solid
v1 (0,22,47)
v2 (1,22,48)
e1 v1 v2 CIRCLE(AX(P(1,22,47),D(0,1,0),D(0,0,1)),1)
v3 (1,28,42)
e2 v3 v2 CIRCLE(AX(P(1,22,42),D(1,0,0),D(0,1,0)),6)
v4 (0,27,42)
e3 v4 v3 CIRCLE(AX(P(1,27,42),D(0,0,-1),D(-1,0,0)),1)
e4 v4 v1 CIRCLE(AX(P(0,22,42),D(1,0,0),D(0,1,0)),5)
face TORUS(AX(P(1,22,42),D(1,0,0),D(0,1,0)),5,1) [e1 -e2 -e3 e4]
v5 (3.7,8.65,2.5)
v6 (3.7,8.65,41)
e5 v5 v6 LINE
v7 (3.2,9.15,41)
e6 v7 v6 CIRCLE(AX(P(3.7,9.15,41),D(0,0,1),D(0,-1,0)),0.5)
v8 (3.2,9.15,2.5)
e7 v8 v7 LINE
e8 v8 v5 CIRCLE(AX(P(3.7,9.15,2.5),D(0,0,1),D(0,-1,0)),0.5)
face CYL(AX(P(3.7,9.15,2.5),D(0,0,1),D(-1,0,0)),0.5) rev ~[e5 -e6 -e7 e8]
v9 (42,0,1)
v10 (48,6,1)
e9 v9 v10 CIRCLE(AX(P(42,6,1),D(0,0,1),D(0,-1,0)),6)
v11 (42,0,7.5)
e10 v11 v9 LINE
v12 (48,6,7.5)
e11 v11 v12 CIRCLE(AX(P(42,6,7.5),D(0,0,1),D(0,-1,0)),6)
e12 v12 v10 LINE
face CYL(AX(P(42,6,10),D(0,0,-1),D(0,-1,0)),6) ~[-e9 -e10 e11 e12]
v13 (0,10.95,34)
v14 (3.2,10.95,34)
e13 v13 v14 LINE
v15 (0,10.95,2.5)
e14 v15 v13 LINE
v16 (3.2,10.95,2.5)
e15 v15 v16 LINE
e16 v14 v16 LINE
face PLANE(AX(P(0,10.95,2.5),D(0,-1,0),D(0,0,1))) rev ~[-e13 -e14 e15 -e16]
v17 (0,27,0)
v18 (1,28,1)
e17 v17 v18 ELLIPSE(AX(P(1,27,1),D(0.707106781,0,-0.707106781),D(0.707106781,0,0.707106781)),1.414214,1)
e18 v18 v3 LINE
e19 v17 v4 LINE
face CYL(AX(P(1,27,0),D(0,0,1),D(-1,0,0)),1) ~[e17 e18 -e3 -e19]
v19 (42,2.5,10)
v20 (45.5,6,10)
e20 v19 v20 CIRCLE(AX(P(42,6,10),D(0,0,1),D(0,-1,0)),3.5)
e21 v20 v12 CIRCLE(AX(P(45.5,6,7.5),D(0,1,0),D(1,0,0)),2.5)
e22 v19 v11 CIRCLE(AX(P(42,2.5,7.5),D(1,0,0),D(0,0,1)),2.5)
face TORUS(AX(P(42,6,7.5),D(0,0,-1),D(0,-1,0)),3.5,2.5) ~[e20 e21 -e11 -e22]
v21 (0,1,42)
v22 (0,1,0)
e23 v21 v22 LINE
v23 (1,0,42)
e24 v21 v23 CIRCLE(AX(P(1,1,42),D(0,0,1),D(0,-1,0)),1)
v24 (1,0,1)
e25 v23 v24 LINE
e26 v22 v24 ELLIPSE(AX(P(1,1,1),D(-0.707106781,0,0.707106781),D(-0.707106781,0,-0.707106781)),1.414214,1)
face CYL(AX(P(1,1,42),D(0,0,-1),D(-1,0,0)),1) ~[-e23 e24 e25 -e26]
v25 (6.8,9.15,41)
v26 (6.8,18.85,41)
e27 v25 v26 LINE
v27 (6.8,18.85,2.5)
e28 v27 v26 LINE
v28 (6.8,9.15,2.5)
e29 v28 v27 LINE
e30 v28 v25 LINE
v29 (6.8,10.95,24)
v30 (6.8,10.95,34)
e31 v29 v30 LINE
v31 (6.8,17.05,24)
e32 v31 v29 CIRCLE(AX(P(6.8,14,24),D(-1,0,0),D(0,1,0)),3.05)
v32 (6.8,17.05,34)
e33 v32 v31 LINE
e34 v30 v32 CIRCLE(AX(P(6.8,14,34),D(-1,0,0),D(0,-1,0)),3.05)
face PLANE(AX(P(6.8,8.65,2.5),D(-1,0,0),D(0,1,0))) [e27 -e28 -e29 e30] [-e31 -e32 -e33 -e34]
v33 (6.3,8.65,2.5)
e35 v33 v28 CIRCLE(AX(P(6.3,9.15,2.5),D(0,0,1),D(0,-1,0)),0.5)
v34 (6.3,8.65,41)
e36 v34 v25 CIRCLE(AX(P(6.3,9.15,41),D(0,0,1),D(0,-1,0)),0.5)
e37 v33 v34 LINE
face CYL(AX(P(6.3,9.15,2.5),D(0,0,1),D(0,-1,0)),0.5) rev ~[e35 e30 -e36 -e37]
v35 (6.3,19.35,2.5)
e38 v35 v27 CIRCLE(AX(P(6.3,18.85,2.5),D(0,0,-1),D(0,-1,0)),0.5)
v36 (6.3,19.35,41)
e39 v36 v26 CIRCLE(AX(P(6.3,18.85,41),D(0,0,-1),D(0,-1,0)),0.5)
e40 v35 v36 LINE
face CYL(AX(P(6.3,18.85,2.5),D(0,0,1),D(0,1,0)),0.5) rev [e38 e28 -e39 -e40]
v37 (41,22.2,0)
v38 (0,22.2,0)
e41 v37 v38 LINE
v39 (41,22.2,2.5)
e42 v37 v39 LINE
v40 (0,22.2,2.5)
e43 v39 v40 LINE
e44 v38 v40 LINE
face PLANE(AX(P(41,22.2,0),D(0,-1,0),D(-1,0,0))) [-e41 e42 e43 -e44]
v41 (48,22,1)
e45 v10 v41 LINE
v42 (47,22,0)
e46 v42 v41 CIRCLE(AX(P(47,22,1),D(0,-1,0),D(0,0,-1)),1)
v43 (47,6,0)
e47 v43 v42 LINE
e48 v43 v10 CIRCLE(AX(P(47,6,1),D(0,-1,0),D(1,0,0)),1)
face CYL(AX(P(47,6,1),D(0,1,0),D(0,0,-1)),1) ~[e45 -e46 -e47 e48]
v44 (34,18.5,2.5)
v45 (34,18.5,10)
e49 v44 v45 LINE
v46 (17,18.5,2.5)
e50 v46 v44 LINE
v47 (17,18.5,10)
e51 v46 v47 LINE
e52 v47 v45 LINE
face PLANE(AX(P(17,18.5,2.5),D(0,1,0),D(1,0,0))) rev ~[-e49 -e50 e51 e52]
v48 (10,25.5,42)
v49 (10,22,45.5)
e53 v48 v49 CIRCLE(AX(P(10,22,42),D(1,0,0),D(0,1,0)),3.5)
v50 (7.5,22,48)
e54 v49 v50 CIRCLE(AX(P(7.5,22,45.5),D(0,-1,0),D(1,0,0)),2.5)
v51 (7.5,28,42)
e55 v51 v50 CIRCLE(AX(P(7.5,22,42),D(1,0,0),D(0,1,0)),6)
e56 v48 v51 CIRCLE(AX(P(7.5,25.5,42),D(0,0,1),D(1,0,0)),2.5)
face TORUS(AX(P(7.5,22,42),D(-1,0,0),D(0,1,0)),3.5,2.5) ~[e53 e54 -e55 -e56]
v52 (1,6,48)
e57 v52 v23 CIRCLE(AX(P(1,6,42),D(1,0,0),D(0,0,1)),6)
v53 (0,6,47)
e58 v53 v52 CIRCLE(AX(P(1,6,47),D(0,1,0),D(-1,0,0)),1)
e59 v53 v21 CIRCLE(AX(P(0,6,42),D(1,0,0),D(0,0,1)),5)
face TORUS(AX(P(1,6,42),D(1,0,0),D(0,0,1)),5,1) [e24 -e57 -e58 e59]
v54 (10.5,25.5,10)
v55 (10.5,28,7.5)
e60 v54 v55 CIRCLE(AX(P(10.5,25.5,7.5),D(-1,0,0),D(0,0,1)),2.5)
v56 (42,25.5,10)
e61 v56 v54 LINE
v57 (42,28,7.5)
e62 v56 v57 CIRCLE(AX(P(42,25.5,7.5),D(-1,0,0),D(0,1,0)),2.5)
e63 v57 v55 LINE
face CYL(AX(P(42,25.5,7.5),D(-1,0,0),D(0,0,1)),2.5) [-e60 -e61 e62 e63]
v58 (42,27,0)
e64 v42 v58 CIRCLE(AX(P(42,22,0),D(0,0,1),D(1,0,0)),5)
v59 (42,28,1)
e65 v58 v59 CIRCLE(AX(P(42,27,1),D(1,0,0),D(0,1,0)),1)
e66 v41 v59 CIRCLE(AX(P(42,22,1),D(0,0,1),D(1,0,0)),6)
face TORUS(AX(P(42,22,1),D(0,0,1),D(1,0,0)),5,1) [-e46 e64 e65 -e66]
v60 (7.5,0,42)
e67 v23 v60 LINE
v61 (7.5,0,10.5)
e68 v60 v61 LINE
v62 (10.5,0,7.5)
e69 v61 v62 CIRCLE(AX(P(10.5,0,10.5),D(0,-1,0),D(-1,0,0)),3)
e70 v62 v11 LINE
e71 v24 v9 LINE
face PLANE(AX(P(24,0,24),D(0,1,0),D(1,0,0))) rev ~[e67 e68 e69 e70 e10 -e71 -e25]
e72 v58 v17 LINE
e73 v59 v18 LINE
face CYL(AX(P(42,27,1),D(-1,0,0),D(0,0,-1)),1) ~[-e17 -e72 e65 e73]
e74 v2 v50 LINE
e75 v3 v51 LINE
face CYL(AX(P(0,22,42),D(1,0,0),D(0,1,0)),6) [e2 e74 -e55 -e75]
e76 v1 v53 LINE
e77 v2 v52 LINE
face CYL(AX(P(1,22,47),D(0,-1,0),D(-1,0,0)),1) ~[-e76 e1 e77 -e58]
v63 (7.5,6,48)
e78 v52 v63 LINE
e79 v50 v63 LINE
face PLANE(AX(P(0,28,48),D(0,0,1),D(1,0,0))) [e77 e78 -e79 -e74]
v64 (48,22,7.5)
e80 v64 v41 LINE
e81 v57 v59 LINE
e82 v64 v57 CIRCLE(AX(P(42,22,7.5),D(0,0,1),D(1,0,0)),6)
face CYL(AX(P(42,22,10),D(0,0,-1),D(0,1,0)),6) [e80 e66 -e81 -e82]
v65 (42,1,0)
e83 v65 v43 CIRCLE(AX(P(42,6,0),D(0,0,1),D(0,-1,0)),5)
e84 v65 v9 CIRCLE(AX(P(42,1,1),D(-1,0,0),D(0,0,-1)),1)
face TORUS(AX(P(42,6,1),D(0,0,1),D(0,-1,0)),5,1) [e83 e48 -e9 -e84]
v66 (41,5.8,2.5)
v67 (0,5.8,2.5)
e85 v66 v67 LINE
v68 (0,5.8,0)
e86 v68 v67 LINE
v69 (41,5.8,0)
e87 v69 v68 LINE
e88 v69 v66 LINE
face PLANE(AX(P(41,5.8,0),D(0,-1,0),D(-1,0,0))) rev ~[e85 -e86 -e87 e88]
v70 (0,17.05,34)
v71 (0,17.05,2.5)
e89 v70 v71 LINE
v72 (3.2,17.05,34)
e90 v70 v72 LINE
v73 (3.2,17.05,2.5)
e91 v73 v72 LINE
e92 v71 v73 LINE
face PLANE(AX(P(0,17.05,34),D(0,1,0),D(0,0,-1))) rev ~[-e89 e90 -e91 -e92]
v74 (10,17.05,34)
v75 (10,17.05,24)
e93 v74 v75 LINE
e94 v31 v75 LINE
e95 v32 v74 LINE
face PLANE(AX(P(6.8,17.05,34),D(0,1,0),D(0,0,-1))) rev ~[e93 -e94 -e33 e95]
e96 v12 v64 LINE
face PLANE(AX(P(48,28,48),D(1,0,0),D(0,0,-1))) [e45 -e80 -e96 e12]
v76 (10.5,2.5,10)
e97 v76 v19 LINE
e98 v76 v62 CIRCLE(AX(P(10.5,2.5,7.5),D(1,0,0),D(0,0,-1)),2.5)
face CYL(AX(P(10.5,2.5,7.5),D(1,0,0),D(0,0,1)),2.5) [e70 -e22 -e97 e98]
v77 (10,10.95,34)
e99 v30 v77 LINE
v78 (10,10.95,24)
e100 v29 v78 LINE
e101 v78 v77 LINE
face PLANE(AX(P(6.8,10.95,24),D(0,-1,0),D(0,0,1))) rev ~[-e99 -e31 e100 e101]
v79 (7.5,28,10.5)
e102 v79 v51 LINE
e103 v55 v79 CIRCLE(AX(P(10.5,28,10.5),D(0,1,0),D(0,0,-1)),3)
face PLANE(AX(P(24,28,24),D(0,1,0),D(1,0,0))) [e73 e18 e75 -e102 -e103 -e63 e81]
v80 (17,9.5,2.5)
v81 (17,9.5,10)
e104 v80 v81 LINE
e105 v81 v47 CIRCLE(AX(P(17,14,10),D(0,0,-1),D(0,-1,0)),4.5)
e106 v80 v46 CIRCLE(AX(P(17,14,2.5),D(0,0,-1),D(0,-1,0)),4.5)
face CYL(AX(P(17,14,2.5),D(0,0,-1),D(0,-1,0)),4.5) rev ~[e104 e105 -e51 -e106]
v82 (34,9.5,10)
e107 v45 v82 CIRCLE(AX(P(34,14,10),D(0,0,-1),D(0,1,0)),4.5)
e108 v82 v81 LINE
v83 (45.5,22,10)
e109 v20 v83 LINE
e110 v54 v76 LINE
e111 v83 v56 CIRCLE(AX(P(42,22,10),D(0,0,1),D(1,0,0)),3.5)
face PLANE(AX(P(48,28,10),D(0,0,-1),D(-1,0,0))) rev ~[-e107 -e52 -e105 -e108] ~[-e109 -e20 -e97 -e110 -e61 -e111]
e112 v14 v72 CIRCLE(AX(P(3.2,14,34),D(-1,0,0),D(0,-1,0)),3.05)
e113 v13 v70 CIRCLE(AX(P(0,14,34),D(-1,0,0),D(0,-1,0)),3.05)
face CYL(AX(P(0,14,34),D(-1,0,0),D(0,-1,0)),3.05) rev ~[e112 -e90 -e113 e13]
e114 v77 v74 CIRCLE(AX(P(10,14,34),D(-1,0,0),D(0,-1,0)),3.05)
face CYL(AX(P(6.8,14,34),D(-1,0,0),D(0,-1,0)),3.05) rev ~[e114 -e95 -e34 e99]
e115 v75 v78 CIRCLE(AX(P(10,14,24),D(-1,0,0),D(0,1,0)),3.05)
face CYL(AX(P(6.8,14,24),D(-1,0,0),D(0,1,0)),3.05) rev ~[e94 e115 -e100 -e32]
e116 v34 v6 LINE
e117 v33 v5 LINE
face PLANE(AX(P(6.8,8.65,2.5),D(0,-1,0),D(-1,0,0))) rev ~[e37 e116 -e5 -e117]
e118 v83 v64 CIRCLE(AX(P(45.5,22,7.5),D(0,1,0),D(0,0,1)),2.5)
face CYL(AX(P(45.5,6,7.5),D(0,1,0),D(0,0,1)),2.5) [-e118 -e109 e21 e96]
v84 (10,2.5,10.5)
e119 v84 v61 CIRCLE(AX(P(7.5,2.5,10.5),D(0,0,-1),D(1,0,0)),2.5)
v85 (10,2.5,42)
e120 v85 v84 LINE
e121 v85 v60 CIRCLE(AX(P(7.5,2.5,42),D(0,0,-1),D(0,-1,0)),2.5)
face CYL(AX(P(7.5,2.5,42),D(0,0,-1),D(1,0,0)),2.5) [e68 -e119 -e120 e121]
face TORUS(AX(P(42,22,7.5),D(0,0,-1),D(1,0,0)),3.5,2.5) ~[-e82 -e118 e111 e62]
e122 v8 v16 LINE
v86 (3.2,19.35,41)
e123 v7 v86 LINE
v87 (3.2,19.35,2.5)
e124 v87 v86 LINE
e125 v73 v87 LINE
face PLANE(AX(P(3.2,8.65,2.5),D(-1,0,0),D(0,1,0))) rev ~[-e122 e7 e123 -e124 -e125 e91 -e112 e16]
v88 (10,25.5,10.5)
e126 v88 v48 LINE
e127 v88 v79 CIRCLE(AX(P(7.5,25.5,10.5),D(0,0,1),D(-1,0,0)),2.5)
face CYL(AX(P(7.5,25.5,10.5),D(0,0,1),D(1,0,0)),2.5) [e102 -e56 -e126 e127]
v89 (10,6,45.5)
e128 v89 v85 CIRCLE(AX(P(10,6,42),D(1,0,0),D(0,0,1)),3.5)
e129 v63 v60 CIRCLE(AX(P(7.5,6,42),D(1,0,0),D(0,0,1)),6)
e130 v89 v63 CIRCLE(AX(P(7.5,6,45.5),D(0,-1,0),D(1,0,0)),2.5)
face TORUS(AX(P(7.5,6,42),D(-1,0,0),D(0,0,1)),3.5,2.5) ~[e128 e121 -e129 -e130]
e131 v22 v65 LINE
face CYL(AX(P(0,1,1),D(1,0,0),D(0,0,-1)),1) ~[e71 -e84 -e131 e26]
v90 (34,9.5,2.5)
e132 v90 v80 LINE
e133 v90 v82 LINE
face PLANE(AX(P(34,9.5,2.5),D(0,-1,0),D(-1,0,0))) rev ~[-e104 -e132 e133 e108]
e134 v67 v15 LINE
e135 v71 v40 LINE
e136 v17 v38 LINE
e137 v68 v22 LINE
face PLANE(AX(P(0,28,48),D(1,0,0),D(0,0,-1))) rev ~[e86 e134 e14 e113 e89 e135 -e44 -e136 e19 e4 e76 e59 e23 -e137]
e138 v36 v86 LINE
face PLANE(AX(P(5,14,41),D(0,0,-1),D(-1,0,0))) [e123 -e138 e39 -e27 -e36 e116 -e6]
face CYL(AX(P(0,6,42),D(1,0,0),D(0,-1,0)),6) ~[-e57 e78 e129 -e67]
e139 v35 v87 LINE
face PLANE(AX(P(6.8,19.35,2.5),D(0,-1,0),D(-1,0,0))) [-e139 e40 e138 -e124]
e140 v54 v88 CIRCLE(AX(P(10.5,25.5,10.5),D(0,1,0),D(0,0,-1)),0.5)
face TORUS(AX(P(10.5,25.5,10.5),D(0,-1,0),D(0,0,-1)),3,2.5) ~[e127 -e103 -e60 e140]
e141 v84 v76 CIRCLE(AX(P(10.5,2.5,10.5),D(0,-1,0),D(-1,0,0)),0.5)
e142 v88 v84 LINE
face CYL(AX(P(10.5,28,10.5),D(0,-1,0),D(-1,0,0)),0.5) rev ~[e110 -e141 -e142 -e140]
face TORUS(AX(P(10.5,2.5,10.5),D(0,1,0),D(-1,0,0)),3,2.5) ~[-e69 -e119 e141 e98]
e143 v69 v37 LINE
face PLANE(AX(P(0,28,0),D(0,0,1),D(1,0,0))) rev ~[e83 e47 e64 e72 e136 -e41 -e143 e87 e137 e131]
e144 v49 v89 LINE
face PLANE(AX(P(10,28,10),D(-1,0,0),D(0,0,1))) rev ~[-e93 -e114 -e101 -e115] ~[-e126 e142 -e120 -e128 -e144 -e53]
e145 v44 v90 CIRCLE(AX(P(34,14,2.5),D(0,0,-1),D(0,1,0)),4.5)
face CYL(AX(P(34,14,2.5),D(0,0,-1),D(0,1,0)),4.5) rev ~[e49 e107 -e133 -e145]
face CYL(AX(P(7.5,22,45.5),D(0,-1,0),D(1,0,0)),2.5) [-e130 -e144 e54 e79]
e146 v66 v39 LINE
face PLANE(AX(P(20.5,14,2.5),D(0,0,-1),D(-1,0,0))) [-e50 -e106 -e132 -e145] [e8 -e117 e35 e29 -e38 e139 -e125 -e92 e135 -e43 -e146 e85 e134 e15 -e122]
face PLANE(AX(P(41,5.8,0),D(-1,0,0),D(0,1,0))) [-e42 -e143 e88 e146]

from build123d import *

# Parameters (mm, degrees)
SKETCH1_W           = 48
SKETCH1_H           = 48
BOSS_EXTRUDE1_DEPTH = 28
SKETCH2_W           = 38
SKETCH2_H           = 38
CUT_EXTRUDE1_DEPTH  = 29
SKETCH3_W           = 41
SKETCH3_H           = 16.4
CUT_EXTRUDE2_DEPTH  = 2.5
SKETCH4_W           = 3.6
SKETCH4_H           = 10.7
CUT_EXTRUDE3_DEPTH  = 38.5
CUT_EXTRUDE4_REACH  = 50
CUT_EXTRUDE5_DEPTH  = 42.2
CUT_EXTRUDE6_DEPTH  = 46.5
FILLET1_R           = 6
FILLET2_R           = 0.5
FILLET3_R           = 1
FILLET4_R           = 2.5


with BuildPart() as part:
    # Sketch1 → Boss-Extrude1 (new body)
    with BuildSketch(Plane(origin=(0, 28, 0), x_dir=(1, 0, 0), z_dir=(0, 1, 0))):
        with Locations((24, -24)):
            Rectangle(SKETCH1_W, SKETCH1_H)
    extrude(amount=-BOSS_EXTRUDE1_DEPTH)

    # Sketch2 → Cut-Extrude1 (cut, through all)
    with BuildSketch(Plane(origin=(0, 28, 0), x_dir=(-1, 0, 0), z_dir=(0, 1, 0))):
        with Locations((-29, 29)):
            Rectangle(SKETCH2_W, SKETCH2_H)
    extrude(amount=-CUT_EXTRUDE1_DEPTH, mode=Mode.SUBTRACT)

    # Sketch3 → Cut-Extrude2 (cut)
    with BuildSketch(Plane(origin=(0, 0, 0), x_dir=(-1, 0, 0), z_dir=(0, 0, -1))):
        with Locations((-20.5, 14)):
            Rectangle(SKETCH3_W, SKETCH3_H)
    extrude(amount=-CUT_EXTRUDE2_DEPTH, mode=Mode.SUBTRACT)

    # Sketch4 → Cut-Extrude3 (cut)
    with BuildSketch(Plane(origin=(0, 0, 2.5), x_dir=(-1, 0, 0), z_dir=(0, 0, -1))):
        with Locations((-5, 14)):
            Rectangle(SKETCH4_W, SKETCH4_H)
    extrude(amount=-CUT_EXTRUDE3_DEPTH, mode=Mode.SUBTRACT)

    # Sketch5 → Cut-Extrude4 (cut, up to next)
    with BuildSketch(Plane.ZY, mode=Mode.PRIVATE) as cut_extrude4_sk1:
        with BuildLine():
            Line((2.5, 17.05), (2.5, 10.95))
            Line((2.5, 10.95), (34, 10.95))
            ThreePointArc((34, 10.95), (37.05, 14), (34, 17.05))
            Line((34, 17.05), (2.5, 17.05))
        make_face()
    cut_extrude4_tool1 = extrude(cut_extrude4_sk1.sketch, amount=-CUT_EXTRUDE4_REACH, mode=Mode.PRIVATE) & part.part
    add(cut_extrude4_tool1.solids().sort_by_distance((0, 14, 19.454568))[0], mode=Mode.SUBTRACT)

    # Sketch6 → Cut-Extrude5 (cut, through all)
    with BuildSketch(Plane.ZY.offset(-6.8)):
        with BuildLine():
            Line((34, 17.05), (24, 17.05))
            ThreePointArc((24, 17.05), (20.95, 14), (24, 10.95))
            Line((24, 10.95), (34, 10.95))
            ThreePointArc((34, 10.95), (37.05, 14), (34, 17.05))
        make_face()
    extrude(amount=-CUT_EXTRUDE5_DEPTH, mode=Mode.SUBTRACT)

    # Sketch7 → Cut-Extrude6 (cut, through all)
    with BuildSketch(Plane(origin=(0, 0, 2.5), x_dir=(-1, 0, 0), z_dir=(0, 0, -1))):
        with BuildLine():
            Line((-17, 18.5), (-34, 18.5))
            ThreePointArc((-34, 18.5), (-38.5, 14), (-34, 9.5))
            Line((-34, 9.5), (-17, 9.5))
            ThreePointArc((-17, 9.5), (-12.5, 14), (-17, 18.5))
        make_face()
    extrude(amount=-CUT_EXTRUDE6_DEPTH, mode=Mode.SUBTRACT)

    # Fillet1
    fillet1_edges = [part.edges().sort_by_distance(p)[0] for p in [
        (48, 28, 5),
        (48, 0, 5),
        (5, 28, 48),
        (5, 0, 48),
    ]]
    fillet(fillet1_edges, radius=FILLET1_R)

    # Fillet2
    fillet2_edges = [part.edges().sort_by_distance(p)[0] for p in [
        (10, 14, 10),
        (6.8, 8.65, 21.75),
        (6.8, 19.35, 21.75),
        (3.2, 8.65, 21.75),
    ]]
    fillet(fillet2_edges, radius=FILLET2_R)

    # Fillet3
    fillet3_edges = [part.edges().sort_by_distance(p)[0] for p in [
        (0, 14, 48),
        (21, 0, 0),
        (0, 26.242640687, 46.242640687),
        (0, 1.757359313, 46.242640687),
        (21, 28, 0),
        (48, 14, 0),
        (46.242640687, 26.242640687, 0),
        (46.242640687, 1.757359313, 0),
        (0, 0, 21),
        (0, 28, 21),
    ]]
    fillet(fillet3_edges, radius=FILLET3_R)

    # Fillet4
    fillet4_edges = [part.edges().sort_by_distance(p)[0] for p in [
        (10, 14, 48),
        (10, 26.242640687, 46.242640687),
        (10, 1.757359313, 46.242640687),
        (26.25, 0, 10),
        (26.25, 28, 10),
        (48, 14, 10),
        (46.242640687, 26.242640687, 10),
        (46.242640687, 1.757359313, 10),
        (10, 0, 26.25),
        (10, 28, 26.25),
        (10.146446609, 28, 10.146446609),
        (10.146446609, 0, 10.146446609),
    ]]
    fillet(fillet4_edges, radius=FILLET4_R)


solid = part.part
